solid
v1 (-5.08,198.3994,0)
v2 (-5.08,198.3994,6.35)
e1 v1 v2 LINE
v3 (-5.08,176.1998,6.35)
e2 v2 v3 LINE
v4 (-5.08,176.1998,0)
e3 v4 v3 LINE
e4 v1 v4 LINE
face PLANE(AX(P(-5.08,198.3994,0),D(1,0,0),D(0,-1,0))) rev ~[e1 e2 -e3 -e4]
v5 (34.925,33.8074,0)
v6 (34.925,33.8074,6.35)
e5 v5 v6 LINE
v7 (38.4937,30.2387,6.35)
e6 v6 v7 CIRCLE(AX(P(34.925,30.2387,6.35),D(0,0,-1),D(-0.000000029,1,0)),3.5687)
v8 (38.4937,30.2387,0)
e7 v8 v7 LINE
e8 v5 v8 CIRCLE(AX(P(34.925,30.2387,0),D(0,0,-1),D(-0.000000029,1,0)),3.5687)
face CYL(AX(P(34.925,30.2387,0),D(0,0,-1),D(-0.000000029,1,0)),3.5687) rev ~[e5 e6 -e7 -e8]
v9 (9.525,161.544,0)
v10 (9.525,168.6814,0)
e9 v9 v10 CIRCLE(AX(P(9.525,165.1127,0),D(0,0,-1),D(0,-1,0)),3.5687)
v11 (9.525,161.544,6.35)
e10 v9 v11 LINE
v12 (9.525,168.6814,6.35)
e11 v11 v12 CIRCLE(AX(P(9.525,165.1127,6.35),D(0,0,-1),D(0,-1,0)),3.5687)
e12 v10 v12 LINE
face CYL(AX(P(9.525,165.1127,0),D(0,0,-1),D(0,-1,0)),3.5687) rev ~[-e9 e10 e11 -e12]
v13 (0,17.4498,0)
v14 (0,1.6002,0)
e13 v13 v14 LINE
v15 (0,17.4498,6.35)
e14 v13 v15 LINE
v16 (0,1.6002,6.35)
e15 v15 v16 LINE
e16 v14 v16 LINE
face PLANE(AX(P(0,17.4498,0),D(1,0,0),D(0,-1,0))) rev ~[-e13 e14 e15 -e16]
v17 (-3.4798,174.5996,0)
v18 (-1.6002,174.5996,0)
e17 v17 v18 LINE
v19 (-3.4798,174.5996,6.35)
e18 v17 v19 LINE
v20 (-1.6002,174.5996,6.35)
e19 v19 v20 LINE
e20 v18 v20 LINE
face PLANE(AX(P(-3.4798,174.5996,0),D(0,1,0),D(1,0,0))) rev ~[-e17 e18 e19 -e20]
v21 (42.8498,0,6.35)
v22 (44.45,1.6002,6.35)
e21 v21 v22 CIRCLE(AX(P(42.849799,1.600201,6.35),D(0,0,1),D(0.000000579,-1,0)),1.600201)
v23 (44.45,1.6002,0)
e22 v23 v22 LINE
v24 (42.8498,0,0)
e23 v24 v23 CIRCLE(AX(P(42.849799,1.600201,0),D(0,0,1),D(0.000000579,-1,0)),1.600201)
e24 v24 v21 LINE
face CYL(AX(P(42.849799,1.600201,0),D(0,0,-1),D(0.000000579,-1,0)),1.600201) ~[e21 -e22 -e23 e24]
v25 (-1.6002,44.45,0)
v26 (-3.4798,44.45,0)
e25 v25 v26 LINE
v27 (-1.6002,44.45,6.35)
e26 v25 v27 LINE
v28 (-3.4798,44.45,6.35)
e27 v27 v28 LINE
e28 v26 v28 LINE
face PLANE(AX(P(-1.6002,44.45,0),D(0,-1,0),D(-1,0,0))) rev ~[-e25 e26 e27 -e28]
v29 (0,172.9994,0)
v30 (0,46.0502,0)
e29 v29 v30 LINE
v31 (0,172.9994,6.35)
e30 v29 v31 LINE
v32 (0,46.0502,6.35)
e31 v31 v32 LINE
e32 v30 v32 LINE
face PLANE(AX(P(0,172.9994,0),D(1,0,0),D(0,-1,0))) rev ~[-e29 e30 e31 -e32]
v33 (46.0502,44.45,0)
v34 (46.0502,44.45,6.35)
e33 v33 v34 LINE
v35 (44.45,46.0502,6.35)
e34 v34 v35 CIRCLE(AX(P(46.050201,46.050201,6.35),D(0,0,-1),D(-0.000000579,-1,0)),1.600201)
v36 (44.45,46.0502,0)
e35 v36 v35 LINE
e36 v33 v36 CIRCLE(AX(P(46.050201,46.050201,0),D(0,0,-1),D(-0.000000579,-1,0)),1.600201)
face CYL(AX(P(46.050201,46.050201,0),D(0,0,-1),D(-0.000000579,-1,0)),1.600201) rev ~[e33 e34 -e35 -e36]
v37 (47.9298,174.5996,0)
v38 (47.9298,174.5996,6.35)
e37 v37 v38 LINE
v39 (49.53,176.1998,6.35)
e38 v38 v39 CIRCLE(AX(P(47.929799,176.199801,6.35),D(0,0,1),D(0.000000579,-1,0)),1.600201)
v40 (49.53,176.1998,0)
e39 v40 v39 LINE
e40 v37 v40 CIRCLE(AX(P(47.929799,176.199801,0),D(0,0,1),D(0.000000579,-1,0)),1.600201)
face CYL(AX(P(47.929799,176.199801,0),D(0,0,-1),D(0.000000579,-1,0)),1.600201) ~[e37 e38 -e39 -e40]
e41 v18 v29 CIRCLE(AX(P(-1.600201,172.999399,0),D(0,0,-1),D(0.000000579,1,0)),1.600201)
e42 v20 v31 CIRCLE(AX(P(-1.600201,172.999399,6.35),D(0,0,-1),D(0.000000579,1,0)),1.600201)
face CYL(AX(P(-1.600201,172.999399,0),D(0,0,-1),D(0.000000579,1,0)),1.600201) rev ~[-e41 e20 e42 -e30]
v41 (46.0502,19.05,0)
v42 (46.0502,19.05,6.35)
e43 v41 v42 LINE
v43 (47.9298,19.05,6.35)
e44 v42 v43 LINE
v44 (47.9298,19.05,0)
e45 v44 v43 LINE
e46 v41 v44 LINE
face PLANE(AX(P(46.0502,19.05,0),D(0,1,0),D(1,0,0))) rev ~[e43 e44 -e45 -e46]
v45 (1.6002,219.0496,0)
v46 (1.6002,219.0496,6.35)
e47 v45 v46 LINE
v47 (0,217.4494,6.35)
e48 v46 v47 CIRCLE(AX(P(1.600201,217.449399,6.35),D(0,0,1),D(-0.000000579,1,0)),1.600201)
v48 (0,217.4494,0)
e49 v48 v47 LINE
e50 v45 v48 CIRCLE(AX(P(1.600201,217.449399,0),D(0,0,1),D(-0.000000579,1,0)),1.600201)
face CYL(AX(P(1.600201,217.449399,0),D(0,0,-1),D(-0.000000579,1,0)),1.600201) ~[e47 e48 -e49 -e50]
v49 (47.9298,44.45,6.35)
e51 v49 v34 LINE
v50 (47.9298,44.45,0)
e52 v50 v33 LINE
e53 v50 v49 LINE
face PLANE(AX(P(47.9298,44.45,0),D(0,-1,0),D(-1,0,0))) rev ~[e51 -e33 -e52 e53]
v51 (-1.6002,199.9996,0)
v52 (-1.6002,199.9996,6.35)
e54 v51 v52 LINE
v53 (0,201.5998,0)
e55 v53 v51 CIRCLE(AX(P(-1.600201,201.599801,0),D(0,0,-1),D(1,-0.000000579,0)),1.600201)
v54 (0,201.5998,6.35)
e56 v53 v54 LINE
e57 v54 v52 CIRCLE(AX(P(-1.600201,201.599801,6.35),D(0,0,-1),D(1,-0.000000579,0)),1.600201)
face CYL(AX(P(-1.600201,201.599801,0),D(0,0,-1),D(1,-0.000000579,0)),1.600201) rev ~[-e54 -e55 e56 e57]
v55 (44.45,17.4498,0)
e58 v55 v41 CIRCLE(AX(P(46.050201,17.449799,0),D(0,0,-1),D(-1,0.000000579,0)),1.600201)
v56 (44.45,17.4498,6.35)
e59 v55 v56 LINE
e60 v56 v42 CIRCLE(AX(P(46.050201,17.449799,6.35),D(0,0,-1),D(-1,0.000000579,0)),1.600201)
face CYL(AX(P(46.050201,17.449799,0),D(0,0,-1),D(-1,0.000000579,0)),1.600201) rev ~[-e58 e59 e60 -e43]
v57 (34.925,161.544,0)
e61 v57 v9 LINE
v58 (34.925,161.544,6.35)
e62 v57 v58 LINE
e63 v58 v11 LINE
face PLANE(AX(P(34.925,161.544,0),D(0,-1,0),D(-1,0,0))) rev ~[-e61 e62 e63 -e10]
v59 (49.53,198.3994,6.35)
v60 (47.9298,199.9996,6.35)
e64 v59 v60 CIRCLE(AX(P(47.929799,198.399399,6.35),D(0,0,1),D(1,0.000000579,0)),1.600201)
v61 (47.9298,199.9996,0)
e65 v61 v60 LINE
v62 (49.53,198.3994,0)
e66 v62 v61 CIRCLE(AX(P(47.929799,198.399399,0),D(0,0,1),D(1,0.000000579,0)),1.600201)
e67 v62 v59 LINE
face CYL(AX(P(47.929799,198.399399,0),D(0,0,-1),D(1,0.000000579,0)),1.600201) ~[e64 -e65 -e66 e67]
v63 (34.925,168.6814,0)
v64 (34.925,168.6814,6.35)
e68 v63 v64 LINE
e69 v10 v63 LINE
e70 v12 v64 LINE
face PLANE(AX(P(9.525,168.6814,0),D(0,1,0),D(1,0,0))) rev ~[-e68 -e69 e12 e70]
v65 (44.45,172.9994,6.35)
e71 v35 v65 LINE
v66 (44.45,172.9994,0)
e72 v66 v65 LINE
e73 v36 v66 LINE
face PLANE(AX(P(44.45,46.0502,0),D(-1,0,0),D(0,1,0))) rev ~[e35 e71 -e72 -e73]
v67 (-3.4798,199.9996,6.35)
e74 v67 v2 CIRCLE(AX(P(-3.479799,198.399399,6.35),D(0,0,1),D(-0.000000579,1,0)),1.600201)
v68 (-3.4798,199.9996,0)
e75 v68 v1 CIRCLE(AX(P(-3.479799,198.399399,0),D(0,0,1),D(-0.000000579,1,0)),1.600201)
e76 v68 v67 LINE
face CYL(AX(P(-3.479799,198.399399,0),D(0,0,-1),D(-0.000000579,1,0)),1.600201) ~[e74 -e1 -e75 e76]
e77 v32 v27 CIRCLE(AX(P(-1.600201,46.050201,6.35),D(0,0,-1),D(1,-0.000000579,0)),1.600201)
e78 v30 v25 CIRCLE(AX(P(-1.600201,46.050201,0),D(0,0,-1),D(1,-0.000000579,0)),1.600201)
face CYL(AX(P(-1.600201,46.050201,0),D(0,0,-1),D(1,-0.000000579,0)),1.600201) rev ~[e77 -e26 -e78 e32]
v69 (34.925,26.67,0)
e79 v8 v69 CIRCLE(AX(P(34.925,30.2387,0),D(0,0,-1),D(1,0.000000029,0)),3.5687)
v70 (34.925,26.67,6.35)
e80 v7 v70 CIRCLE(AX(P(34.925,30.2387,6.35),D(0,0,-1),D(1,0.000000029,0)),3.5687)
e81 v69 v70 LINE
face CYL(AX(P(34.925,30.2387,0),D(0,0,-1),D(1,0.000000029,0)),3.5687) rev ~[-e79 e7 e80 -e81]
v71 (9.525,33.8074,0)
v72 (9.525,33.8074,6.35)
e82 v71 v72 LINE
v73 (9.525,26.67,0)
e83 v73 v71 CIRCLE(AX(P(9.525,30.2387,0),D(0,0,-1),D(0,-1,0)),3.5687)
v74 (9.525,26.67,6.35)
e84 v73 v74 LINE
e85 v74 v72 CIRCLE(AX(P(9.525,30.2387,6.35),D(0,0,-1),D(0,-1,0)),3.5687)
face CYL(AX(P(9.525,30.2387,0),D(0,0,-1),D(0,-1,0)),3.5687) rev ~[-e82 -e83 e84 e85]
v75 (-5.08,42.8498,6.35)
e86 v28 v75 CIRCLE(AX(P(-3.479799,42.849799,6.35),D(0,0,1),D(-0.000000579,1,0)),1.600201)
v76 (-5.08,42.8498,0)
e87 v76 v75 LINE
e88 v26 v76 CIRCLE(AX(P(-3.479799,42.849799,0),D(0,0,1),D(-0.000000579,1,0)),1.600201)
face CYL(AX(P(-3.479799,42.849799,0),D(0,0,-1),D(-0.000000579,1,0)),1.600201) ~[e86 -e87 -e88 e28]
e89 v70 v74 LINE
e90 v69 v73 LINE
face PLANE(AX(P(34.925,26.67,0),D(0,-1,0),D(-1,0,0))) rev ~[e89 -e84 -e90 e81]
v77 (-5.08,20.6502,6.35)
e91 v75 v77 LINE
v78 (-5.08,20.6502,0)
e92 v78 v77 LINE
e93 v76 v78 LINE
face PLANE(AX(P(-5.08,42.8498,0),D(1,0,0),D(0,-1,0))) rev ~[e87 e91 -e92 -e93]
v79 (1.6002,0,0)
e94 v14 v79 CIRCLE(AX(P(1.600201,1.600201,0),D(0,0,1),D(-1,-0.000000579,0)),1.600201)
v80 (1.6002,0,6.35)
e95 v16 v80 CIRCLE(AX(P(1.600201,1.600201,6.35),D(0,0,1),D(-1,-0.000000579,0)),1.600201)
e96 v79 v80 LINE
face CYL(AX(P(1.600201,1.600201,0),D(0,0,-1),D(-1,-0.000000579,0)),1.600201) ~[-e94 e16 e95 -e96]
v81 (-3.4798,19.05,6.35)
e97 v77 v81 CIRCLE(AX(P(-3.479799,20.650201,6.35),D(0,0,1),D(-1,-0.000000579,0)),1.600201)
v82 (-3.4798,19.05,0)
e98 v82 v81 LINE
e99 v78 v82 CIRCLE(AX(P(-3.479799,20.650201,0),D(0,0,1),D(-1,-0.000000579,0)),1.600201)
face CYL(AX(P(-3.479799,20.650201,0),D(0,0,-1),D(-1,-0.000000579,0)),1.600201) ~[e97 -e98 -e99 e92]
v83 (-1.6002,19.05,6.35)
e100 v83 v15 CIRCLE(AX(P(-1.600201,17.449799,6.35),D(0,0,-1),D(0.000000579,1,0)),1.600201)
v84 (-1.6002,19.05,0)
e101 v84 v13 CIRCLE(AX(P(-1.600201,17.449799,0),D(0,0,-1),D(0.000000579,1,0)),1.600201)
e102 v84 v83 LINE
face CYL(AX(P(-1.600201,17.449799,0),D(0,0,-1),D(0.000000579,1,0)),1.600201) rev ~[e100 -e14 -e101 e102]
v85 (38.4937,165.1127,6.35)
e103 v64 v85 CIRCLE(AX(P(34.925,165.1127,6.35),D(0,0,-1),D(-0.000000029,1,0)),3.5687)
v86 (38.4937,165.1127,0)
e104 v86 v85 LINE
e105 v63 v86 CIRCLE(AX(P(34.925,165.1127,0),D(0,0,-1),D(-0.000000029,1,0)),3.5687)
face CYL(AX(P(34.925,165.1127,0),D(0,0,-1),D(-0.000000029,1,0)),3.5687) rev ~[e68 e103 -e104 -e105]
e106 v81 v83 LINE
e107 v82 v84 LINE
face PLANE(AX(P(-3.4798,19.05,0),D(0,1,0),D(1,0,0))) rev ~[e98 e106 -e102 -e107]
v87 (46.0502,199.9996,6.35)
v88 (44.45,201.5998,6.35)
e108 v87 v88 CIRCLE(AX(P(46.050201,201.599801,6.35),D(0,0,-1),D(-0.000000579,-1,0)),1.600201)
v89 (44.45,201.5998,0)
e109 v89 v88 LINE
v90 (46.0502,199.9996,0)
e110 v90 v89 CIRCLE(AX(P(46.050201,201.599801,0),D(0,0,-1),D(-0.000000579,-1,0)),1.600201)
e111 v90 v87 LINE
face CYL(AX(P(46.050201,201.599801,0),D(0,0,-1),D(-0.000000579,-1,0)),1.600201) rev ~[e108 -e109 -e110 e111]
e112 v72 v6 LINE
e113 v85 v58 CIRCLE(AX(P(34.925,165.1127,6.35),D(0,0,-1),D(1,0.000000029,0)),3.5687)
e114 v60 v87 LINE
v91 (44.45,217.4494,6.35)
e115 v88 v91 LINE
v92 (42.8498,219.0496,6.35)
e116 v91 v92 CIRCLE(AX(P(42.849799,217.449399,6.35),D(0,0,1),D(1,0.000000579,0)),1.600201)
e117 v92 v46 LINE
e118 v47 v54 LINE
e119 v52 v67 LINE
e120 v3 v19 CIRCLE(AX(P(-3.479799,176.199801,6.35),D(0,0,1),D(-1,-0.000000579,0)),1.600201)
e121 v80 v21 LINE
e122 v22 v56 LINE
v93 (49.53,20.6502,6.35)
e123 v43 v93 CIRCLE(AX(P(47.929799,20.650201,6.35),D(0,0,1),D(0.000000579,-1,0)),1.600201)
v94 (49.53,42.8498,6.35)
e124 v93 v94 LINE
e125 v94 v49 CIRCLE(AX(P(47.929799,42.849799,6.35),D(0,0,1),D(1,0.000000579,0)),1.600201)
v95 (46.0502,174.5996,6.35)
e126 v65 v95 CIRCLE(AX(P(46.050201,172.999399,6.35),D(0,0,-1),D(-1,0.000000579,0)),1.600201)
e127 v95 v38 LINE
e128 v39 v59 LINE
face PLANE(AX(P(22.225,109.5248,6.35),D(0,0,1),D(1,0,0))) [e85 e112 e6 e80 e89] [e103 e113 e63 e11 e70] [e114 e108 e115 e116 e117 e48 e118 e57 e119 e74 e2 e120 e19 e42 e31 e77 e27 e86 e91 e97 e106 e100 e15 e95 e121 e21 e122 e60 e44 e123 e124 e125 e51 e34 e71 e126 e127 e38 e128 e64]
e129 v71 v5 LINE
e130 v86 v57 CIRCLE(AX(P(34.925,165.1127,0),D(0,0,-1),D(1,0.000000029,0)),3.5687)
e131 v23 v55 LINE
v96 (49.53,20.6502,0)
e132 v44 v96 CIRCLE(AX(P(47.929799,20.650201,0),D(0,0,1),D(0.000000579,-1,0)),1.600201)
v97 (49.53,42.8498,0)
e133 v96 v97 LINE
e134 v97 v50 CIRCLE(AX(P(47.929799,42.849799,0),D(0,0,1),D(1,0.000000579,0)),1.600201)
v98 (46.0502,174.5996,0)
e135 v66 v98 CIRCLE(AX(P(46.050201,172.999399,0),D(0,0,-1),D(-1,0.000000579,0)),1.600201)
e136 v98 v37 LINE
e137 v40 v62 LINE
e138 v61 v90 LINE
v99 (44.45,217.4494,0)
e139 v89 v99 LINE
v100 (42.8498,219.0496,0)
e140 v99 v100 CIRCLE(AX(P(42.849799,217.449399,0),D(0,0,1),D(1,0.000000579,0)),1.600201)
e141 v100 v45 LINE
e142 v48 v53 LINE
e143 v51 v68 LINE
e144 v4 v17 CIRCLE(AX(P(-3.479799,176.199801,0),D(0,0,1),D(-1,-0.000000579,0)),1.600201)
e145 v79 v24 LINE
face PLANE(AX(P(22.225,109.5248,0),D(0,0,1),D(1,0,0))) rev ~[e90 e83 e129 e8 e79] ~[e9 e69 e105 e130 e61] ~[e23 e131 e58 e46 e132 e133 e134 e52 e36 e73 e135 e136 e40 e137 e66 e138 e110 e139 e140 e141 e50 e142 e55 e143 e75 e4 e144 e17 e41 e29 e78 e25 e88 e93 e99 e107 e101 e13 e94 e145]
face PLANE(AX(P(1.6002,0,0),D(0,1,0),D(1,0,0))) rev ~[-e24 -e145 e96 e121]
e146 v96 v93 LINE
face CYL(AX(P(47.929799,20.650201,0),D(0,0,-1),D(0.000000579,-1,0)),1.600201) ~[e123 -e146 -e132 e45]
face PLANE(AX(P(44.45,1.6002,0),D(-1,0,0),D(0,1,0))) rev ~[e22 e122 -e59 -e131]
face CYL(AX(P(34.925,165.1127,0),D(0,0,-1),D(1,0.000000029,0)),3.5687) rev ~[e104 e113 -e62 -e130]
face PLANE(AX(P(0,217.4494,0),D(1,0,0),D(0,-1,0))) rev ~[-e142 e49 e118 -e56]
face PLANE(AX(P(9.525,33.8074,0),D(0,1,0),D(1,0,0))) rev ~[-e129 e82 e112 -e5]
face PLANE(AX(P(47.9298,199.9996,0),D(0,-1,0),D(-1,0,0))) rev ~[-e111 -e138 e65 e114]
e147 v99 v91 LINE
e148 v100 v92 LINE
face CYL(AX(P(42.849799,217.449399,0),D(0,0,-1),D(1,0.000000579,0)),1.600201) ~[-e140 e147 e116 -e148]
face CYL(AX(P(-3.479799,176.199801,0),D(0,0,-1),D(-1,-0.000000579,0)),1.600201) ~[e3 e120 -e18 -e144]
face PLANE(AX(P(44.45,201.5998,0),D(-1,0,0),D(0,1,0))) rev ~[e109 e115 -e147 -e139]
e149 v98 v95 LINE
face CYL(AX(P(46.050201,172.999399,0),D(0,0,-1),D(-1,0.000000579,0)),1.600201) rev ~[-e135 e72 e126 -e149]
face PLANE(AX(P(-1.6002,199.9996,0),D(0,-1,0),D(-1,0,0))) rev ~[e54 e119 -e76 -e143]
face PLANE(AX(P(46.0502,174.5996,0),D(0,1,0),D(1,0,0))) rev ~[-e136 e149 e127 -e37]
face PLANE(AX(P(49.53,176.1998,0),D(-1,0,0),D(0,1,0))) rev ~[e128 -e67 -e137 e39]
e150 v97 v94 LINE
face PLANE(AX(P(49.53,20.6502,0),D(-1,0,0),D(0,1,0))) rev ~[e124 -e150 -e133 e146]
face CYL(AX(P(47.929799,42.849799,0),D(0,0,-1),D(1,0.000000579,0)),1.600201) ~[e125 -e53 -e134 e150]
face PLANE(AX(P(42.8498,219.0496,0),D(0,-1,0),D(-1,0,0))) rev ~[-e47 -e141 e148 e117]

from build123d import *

# Parameters (mm, degrees)
F1_DEPTH = 6.35


with BuildPart() as f1:
    # F0 (on Top) → F1 (new body)
    with BuildSketch(Plane.XY):
        with BuildLine():
            ThreePointArc((0, 1.6002), (0.468688, 0.468688), (1.6002, 0))
            Line((1.6002, 0), (42.8498, 0))
            ThreePointArc((42.8498, 0), (43.981312, 0.468688), (44.45, 1.6002))
            Line((44.45, 1.6002), (44.45, 17.4498))
            ThreePointArc((44.45, 17.4498), (44.918688, 18.581312), (46.0502, 19.05))
            Line((46.0502, 19.05), (47.9298, 19.05))
            ThreePointArc((47.9298, 19.05), (49.061312, 19.518688), (49.53, 20.6502))
            Line((49.53, 20.6502), (49.53, 42.8498))
            ThreePointArc((49.53, 42.8498), (49.061312, 43.981312), (47.9298, 44.45))
            Line((47.9298, 44.45), (46.0502, 44.45))
            ThreePointArc((46.0502, 44.45), (44.918688, 44.918688), (44.45, 46.0502))
            Line((44.45, 46.0502), (44.45, 172.9994))
            ThreePointArc((44.45, 172.9994), (44.918688, 174.130912), (46.0502, 174.5996))
            Line((46.0502, 174.5996), (47.9298, 174.5996))
            ThreePointArc((47.9298, 174.5996), (49.061312, 175.068288), (49.53, 176.1998))
            Line((49.53, 176.1998), (49.53, 198.3994))
            ThreePointArc((49.53, 198.3994), (49.061312, 199.530912), (47.9298, 199.9996))
            Line((47.9298, 199.9996), (46.0502, 199.9996))
            ThreePointArc((46.0502, 199.9996), (44.918688, 200.468288), (44.45, 201.5998))
            Line((44.45, 201.5998), (44.45, 217.4494))
            ThreePointArc((44.45, 217.4494), (43.981312, 218.580912), (42.8498, 219.0496))
            Line((42.8498, 219.0496), (1.6002, 219.0496))
            ThreePointArc((1.6002, 219.0496), (0.468688, 218.580912), (0, 217.4494))
            Line((0, 217.4494), (0, 201.5998))
            ThreePointArc((0, 201.5998), (-0.468688, 200.468288), (-1.6002, 199.9996))
            Line((-1.6002, 199.9996), (-3.4798, 199.9996))
            ThreePointArc((-3.4798, 199.9996), (-4.611312, 199.530912), (-5.08, 198.3994))
            Line((-5.08, 198.3994), (-5.08, 176.1998))
            ThreePointArc((-5.08, 176.1998), (-4.611312, 175.068288), (-3.4798, 174.5996))
            Line((-3.4798, 174.5996), (-1.6002, 174.5996))
            ThreePointArc((-1.6002, 174.5996), (-0.468688, 174.130912), (0, 172.9994))
            Line((0, 172.9994), (0, 46.0502))
            ThreePointArc((0, 46.0502), (-0.468688, 44.918688), (-1.6002, 44.45))
            Line((-1.6002, 44.45), (-3.4798, 44.45))
            ThreePointArc((-3.4798, 44.45), (-4.611312, 43.981312), (-5.08, 42.8498))
            Line((-5.08, 42.8498), (-5.08, 20.6502))
            ThreePointArc((-5.08, 20.6502), (-4.611312, 19.518688), (-3.4798, 19.05))
            Line((-3.4798, 19.05), (-1.6002, 19.05))
            ThreePointArc((-1.6002, 19.05), (-0.468688, 18.581312), (0, 17.4498))
            Line((0, 17.4498), (0, 1.6002))
        make_face()
        with BuildLine():
            ThreePointArc((9.525, 26.67), (5.9563, 30.2387), (9.525, 33.8074))
            Line((9.525, 33.8074), (34.925, 33.8074))
            ThreePointArc((34.925, 33.8074), (37.448452, 32.762152), (38.4937, 30.2387))
            ThreePointArc((38.4937, 30.2387), (37.448452, 27.715248), (34.925, 26.67))
            Line((34.925, 26.67), (9.525, 26.67))
        make_face(mode=Mode.SUBTRACT)
        with BuildLine():
            ThreePointArc((9.525, 161.544), (5.9563, 165.1127), (9.525, 168.6814))
            Line((9.525, 168.6814), (34.925, 168.6814))
            ThreePointArc((34.925, 168.6814), (37.448452, 167.636152), (38.4937, 165.1127))
            ThreePointArc((38.4937, 165.1127), (37.448452, 162.589248), (34.925, 161.544))
            Line((34.925, 161.544), (9.525, 161.544))
        make_face(mode=Mode.SUBTRACT)
    extrude(amount=F1_DEPTH)


solid = f1.part
